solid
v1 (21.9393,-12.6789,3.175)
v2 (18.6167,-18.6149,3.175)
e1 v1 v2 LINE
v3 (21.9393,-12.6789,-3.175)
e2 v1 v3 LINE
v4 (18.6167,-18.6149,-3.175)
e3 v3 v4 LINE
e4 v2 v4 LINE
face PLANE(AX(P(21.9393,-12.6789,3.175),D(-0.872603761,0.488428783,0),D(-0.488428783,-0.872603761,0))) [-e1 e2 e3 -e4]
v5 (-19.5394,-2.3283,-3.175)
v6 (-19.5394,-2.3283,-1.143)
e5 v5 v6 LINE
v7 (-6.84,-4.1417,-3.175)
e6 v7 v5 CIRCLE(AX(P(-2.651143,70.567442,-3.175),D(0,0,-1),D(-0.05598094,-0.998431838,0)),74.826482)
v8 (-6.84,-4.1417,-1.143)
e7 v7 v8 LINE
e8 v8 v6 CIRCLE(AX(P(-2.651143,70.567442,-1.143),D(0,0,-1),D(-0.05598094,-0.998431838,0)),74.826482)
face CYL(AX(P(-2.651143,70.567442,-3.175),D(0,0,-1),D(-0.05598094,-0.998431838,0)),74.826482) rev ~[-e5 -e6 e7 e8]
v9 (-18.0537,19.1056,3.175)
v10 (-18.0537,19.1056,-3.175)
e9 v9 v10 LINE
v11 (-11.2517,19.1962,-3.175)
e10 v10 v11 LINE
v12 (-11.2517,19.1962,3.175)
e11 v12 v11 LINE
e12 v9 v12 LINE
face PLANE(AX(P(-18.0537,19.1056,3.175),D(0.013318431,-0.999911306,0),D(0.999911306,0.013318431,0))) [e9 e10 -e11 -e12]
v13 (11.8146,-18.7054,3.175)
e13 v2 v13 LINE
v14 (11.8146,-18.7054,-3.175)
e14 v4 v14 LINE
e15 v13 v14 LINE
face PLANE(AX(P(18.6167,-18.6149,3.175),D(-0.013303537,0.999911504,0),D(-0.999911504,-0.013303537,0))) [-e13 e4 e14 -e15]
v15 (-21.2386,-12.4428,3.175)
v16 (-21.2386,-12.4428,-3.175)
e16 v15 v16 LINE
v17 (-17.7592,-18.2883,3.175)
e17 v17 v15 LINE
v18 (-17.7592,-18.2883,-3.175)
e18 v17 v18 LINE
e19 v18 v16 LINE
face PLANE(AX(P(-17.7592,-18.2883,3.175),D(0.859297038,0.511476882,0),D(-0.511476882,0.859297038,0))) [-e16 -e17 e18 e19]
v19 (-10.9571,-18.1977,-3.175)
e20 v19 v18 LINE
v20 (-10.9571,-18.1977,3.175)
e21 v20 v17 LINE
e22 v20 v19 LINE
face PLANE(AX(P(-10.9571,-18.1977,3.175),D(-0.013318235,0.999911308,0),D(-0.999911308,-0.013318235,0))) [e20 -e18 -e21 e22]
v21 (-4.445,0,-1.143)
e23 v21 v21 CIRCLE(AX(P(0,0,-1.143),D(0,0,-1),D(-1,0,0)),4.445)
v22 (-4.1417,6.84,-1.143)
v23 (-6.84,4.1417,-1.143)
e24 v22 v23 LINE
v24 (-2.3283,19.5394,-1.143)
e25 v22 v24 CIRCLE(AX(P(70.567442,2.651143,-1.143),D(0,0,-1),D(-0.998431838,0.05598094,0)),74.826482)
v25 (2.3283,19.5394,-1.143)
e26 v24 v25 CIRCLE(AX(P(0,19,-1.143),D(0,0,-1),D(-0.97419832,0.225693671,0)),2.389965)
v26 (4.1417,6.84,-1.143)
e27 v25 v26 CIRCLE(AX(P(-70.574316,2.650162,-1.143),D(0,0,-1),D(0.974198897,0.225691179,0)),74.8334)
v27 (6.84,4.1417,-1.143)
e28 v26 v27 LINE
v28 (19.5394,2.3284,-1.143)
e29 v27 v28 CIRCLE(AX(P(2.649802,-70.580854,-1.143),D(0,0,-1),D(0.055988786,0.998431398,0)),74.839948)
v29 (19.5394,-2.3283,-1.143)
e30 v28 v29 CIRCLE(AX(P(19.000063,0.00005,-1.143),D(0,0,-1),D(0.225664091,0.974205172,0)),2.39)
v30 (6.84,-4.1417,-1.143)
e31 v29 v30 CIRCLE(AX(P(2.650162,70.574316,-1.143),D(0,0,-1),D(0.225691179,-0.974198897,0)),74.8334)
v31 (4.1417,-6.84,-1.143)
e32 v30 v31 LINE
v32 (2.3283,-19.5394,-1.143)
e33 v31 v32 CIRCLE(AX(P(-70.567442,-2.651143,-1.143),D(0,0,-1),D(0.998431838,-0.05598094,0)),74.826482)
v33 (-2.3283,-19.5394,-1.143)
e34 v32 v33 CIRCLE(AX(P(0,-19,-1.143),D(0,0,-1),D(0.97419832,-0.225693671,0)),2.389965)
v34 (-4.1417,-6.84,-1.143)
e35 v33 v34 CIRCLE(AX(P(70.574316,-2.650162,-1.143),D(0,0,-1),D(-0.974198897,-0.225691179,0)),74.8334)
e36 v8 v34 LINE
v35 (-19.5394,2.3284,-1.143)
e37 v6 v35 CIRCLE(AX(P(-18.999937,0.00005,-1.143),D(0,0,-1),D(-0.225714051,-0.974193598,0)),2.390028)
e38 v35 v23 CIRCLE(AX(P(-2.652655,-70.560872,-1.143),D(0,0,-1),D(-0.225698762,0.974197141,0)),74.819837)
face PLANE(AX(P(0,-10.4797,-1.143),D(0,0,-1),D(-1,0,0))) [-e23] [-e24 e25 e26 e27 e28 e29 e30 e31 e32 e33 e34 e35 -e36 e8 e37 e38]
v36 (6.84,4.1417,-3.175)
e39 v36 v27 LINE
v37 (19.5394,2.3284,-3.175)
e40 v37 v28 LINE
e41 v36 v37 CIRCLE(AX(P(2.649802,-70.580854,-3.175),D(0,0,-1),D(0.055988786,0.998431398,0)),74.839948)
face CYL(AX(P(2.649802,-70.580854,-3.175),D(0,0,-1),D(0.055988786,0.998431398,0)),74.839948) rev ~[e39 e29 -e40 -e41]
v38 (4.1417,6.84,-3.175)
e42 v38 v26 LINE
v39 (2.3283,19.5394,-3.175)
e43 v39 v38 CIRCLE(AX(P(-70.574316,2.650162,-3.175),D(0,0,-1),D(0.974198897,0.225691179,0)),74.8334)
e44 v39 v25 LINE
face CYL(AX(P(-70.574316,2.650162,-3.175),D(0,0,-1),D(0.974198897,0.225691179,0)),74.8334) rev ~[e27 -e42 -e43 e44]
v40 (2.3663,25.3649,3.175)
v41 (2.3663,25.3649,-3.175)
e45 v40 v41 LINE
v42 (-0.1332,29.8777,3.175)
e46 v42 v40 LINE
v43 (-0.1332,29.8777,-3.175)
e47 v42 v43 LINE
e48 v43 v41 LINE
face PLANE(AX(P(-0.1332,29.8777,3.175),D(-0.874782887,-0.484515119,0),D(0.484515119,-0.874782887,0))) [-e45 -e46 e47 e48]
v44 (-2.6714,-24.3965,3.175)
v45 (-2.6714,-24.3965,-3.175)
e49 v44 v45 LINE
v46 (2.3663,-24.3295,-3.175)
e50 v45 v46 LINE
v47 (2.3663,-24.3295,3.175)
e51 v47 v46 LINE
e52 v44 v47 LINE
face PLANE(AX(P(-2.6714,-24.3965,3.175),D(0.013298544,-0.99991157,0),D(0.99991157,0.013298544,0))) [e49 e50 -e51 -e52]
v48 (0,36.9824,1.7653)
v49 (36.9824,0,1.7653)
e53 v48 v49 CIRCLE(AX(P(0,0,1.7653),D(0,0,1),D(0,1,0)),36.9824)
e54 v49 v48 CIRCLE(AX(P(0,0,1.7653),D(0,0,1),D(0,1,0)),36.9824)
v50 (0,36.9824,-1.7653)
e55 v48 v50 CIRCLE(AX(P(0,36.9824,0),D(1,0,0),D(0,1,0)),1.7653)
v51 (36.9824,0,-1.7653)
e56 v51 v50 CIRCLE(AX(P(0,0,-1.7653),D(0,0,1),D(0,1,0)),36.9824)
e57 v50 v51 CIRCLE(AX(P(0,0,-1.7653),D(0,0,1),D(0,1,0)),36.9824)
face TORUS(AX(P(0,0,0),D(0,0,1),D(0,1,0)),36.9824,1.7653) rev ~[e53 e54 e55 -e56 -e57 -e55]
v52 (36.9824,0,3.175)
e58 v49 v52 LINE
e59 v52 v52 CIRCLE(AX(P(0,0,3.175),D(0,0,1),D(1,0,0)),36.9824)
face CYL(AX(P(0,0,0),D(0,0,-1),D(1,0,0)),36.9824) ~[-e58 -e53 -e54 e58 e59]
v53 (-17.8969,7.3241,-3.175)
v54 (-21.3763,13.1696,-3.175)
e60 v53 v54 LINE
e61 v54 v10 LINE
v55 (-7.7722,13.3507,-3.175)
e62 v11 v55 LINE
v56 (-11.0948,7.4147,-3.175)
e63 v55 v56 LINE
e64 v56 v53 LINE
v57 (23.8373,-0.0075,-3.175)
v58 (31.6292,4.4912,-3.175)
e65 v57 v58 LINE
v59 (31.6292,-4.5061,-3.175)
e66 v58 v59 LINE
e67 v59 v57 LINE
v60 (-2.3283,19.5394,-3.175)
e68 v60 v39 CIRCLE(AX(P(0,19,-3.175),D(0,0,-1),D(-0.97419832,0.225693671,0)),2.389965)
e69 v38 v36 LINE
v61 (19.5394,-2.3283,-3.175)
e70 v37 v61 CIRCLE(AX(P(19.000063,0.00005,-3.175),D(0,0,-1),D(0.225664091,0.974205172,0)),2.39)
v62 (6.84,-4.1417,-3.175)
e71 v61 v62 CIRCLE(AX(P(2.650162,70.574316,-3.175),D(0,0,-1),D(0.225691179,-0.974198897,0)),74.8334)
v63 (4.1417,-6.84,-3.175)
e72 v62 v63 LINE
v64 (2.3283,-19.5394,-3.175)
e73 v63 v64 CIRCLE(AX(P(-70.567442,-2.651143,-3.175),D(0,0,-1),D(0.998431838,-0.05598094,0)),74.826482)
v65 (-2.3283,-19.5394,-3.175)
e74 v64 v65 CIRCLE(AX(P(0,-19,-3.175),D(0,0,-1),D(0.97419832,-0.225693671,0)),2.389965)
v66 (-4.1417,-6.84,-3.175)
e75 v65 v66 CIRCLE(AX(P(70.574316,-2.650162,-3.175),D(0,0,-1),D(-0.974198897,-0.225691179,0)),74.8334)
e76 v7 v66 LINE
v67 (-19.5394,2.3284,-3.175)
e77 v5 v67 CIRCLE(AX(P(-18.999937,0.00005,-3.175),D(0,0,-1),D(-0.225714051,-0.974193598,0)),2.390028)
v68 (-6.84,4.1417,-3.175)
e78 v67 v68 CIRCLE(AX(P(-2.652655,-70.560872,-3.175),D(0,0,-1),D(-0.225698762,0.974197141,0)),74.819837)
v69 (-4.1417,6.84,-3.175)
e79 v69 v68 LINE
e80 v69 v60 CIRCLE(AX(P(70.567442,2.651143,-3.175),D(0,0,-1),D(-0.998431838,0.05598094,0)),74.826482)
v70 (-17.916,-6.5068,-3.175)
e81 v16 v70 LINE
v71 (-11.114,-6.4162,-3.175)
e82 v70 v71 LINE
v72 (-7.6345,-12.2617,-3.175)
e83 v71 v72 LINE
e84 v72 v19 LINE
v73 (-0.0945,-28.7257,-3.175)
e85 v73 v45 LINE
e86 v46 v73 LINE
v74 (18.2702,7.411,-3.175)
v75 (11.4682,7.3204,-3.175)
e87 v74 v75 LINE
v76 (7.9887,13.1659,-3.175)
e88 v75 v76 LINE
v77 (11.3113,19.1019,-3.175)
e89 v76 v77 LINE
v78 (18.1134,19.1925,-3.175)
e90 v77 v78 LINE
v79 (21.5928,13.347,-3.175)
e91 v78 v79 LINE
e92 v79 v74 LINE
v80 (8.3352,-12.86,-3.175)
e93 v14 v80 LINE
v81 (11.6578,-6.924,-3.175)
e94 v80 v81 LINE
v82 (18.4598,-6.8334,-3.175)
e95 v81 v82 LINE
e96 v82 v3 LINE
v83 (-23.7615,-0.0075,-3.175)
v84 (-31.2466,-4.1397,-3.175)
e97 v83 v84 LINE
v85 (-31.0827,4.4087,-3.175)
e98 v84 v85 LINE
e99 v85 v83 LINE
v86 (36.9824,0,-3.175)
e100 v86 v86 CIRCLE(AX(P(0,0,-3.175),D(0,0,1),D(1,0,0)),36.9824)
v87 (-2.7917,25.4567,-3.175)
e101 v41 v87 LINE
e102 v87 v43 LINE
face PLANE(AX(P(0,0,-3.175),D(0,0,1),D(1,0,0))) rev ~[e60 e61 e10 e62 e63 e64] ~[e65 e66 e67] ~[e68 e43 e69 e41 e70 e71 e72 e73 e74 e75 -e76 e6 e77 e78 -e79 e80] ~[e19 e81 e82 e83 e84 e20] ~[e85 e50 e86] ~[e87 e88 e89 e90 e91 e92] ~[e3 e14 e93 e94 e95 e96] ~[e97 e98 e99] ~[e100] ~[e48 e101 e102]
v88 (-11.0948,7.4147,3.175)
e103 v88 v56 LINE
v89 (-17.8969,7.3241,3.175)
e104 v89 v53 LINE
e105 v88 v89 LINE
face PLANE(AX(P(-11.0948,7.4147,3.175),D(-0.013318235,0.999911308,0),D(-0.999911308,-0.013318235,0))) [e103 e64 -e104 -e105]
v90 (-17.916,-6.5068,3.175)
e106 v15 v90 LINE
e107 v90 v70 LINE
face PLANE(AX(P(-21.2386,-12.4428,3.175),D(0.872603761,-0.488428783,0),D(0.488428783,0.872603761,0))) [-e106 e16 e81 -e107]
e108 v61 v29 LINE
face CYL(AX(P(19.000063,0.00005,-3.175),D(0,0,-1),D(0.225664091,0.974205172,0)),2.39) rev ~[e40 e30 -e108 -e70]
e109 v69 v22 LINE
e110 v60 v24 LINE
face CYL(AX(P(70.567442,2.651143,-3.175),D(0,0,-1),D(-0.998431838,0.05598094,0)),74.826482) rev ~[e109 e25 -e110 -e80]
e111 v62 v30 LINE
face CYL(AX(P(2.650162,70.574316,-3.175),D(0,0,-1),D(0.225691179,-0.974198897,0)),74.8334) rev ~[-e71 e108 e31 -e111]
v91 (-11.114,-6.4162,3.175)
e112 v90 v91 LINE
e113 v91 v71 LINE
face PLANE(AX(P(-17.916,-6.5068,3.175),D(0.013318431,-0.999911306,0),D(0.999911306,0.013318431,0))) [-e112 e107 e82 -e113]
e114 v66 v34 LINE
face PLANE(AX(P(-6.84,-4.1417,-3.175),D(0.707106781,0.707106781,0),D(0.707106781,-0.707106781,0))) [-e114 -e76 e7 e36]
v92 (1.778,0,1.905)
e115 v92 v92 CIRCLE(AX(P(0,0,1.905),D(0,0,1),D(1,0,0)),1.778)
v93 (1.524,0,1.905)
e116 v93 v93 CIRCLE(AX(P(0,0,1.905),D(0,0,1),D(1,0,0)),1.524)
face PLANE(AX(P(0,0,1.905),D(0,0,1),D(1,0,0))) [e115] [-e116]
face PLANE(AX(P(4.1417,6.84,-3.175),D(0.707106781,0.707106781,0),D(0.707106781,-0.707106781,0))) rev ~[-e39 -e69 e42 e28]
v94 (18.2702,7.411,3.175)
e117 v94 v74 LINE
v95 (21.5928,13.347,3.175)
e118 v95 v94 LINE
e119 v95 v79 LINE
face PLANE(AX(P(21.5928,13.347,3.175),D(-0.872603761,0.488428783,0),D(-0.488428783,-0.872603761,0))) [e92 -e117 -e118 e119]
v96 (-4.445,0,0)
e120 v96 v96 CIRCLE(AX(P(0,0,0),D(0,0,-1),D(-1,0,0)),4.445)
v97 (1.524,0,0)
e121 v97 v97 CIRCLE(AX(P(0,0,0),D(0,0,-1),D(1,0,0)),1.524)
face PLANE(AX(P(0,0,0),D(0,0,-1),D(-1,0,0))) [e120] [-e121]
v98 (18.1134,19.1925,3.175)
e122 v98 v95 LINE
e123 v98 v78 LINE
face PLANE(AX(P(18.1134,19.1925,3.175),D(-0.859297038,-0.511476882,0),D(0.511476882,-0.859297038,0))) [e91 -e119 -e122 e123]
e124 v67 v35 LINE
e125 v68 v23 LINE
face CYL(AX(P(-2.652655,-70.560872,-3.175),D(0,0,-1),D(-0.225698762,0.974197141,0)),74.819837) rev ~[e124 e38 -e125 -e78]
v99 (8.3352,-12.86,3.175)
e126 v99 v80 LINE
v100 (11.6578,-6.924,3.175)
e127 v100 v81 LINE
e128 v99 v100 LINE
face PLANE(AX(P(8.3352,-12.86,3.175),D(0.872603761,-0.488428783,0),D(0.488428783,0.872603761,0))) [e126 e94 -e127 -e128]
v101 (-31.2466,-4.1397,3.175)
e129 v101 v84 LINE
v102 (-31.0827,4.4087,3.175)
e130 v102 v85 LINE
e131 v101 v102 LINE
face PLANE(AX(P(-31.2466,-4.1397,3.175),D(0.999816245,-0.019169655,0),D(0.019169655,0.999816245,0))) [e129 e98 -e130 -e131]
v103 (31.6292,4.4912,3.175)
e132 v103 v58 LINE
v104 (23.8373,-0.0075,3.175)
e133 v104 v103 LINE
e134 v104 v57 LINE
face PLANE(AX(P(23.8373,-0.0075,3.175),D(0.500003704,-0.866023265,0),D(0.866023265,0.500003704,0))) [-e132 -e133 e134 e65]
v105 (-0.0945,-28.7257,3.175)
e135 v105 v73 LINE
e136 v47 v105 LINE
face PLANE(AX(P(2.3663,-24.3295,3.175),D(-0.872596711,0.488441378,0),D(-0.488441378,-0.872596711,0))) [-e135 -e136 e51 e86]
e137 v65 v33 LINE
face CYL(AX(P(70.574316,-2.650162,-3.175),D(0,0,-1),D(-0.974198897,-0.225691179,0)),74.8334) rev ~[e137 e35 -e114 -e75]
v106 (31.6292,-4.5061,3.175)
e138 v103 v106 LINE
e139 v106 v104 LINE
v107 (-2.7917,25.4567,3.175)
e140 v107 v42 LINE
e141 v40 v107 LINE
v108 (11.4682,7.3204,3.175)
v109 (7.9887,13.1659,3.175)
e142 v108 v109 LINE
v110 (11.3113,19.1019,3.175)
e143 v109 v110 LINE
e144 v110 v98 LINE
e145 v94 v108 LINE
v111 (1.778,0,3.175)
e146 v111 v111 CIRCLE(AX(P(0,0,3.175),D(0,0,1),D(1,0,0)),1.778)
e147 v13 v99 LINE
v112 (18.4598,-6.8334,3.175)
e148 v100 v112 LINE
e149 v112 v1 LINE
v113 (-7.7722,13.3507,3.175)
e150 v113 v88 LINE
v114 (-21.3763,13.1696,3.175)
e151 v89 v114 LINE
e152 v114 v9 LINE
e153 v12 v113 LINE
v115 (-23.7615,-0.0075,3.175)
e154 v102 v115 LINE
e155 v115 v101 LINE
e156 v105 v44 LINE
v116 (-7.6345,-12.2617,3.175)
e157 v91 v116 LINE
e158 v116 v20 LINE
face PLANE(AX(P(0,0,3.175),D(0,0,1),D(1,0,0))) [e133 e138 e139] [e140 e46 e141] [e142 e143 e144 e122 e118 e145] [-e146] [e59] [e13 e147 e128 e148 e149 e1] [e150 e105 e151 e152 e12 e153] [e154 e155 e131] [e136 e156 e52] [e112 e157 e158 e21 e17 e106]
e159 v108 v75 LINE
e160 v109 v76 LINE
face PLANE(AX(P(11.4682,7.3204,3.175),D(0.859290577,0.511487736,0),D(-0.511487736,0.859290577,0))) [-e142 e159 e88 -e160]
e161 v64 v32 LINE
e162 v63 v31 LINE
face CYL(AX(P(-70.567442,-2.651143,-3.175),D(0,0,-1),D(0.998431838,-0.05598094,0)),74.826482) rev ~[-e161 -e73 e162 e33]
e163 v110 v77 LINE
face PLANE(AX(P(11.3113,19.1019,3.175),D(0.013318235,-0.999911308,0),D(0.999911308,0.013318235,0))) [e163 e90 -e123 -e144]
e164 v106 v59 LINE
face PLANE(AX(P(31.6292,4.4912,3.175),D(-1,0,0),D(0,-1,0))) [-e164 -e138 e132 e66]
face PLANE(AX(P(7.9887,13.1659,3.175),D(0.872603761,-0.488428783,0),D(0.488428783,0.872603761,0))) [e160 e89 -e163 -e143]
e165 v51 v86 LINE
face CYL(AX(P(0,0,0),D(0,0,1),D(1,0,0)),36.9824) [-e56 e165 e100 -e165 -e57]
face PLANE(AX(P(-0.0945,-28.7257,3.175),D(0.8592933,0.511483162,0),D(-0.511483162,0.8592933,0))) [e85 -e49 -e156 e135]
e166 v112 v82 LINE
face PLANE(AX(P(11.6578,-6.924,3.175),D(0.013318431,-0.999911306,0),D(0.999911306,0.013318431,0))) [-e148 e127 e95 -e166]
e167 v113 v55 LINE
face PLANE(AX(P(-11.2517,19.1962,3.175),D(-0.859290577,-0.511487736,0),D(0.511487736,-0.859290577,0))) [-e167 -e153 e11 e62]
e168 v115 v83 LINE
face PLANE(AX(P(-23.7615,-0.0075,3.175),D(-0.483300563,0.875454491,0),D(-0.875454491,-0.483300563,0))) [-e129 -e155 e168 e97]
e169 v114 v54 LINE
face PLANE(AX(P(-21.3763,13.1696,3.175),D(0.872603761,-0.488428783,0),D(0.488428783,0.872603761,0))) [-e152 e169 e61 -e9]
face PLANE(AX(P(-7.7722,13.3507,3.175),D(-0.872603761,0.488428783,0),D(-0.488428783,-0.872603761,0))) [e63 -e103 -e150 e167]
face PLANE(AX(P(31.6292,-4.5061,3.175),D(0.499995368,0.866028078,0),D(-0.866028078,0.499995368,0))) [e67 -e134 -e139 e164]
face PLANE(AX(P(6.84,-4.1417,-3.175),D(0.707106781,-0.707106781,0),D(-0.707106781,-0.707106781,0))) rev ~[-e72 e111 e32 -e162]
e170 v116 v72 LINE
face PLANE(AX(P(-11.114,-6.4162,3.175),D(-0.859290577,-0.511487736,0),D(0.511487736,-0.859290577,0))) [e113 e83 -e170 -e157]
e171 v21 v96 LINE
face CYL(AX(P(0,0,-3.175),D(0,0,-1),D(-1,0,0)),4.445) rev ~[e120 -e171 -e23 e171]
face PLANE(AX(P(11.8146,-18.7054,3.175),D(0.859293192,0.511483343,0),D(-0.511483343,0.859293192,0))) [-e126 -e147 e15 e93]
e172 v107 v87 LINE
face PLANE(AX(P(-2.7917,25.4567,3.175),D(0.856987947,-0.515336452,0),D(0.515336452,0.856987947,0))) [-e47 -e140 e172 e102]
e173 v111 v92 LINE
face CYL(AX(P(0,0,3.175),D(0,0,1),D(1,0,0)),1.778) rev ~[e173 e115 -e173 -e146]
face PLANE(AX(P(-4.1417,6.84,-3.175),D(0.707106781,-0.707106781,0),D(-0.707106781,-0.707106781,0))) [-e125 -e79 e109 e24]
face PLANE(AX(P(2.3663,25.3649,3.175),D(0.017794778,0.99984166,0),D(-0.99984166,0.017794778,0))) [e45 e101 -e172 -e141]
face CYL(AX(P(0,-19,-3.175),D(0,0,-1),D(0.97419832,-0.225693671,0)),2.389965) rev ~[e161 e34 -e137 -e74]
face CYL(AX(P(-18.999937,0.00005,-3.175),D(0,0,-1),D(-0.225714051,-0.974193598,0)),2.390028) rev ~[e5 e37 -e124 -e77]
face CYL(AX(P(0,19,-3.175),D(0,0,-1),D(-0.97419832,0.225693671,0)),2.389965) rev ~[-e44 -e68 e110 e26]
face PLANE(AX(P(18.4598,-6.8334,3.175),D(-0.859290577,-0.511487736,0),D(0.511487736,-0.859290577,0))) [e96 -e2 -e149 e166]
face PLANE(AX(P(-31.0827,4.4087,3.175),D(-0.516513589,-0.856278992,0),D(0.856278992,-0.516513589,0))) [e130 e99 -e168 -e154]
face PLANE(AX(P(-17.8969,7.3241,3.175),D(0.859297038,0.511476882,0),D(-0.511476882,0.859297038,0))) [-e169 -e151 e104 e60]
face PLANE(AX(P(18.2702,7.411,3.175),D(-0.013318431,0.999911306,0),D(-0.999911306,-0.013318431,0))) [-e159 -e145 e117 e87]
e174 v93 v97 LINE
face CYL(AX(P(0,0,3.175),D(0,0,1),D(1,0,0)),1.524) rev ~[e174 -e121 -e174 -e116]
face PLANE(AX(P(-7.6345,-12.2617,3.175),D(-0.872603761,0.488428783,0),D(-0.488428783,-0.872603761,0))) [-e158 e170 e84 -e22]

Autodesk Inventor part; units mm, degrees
ref_plane "YZ Plane" through (0, 0, 0) normal (1, 0, 0) x (0, 1, 0)
ref_plane "XZ Plane" through (0, 0, 0) normal (0, 1, 0) x (-1, 0, 0)
ref_plane "XY Plane" through (0, 0, 0) normal (0, 0, 1) x (1, 0, 0)
sketch "Sketch1" plane through (0, 0, 0) normal (0, 0, 1) x (1, 0, 0)
  circle A0 centre (0, 0) radius 36.9824
  dimension "d17" = 73.9648
extrude "Extrusion1" add sketch "Sketch1" along normal mid plane 6.35
sketch "Sketch4" plane through (0, 0, 0) normal (1, 0, 0) x (0, 1, 0)
  circle A0 centre (36.9824, 0) radius 1.7653
  line L0 (36.9824, -3.175) -> (36.9824, 3.175) construction
  line L1 (36.9824, -3.175) -> (36.9824, 3.175)
  line L2 (36.9824, -3.175) -> (36.9824, 3.175) projected
  line L3 (0, -6.8515) -> (0, 6.9022)
  point P0 (0, 0)
  dimension "d5" = 3.5306
revolve "Revolution1" cut sketch "Sketch4" angle 360 about axis through (0, 0, -6.8515) along (0, 0, 1)
sketch "Sketch5" plane through (0, -10.4797, 3.175) normal (0, 0, 1) x (1, 0, 0)
  line L0 (11.3113, 29.5816) -> (18.1134, 29.6722)
  line L1 (18.1134, 29.6722) -> (21.5928, 23.8267)
  line L2 (21.5928, 23.8267) -> (18.2702, 17.8907)
  line L3 (18.2702, 17.8907) -> (11.4682, 17.8001)
  line L4 (11.4682, 17.8001) -> (7.9887, 23.6456)
  line L5 (7.9887, 23.6456) -> (11.3113, 29.5816)
  line L6 (-18.0537, 29.5853) -> (-11.2517, 29.6759)
  line L7 (-11.2517, 29.6759) -> (-7.7722, 23.8304)
  line L8 (-7.7722, 23.8304) -> (-11.0948, 17.8944)
  line L9 (-11.0948, 17.8944) -> (-17.8969, 17.8038)
  line L10 (-17.8969, 17.8038) -> (-21.3763, 23.6493)
  line L11 (-21.3763, 23.6493) -> (-18.0537, 29.5853)
  line L12 (-17.916, 3.9729) -> (-11.114, 4.0635)
  line L13 (-11.114, 4.0635) -> (-7.6345, -1.782)
  line L14 (-7.6345, -1.782) -> (-10.9571, -7.718)
  line L15 (-10.9571, -7.718) -> (-17.7592, -7.8086)
  line L16 (-17.7592, -7.8086) -> (-21.2386, -1.9631)
  line L17 (-21.2386, -1.9631) -> (-17.916, 3.9729)
  line L18 (11.6578, 3.5557) -> (18.4598, 3.6463)
  line L19 (18.4598, 3.6463) -> (21.9393, -2.1992)
  line L20 (21.9393, -2.1992) -> (18.6167, -8.1352)
  line L21 (18.6167, -8.1352) -> (11.8146, -8.2257)
  line L22 (11.8146, -8.2257) -> (8.3352, -2.3803)
  line L23 (8.3352, -2.3803) -> (11.6578, 3.5557)
  line L24 (-23.7615, 10.4722) -> (-31.2466, 6.34)
  line L25 (-31.2466, 6.34) -> (-31.0827, 14.8884)
  line L26 (-31.0827, 14.8884) -> (-23.7615, 10.4722)
  line L27 (23.8373, 10.4722) -> (31.6292, 14.9709)
  line L28 (31.6292, 14.9709) -> (31.6292, 5.9736)
  line L29 (31.6292, 5.9736) -> (23.8373, 10.4722)
  line L30 (2.3663, 35.8446) -> (-2.7917, 35.9364)
  line L31 (-2.7917, 35.9364) -> (-0.1332, 40.3574)
  line L32 (-0.1332, 40.3574) -> (2.3663, 35.8446)
  line L33 (2.3663, -13.8498) -> (-0.0945, -18.246)
  line L34 (-0.0945, -18.246) -> (-2.6714, -13.9168)
  line L35 (-2.6714, -13.9168) -> (2.3663, -13.8498)
  point P0 (0, 10.4797)
  point P1 (14.7908, 23.7362)
  point P2 (-14.5743, 23.7399)
  point P3 (-14.4366, -1.8725)
  point P4 (15.1372, -2.2897)
  point P5 (-28.6969, 10.5669)
  point P6 (29.0319, 10.4722)
  point P7 (-0.1862, 37.3795)
  point P8 (-0.1332, -15.3375)
extrude "Extrusion3" cut sketch "Sketch5" against normal through all
sketch "Sketch6" plane through (0, -10.4797, 3.175) normal (0, 0, 1) x (1, 0, 0)
  circle A0 centre (0, 10.4797) radius 1.524
  circle A1 centre (0, 10.4797) radius 36.9824 projected
  dimension "d9" = 3.048
extrude "Extrusion4" cut sketch "Sketch6" against normal through all contours A0
sketch "Sketch9" plane through (0, 0, -3.175) normal (0, 0, -1) x (-1, 0, 0)
  circle A0 centre (0, 0) radius 4.445
  circle A1 centre (0, 0) radius 1.524 projected
  dimension "d14" = 8.89
extrude "Extrusion5" cut sketch "Sketch9" against normal blind 3.175
sketch "Sketch11" plane through (0, -10.4797, -3.175) normal (0, 0, -1) x (-1, 0, 0)
  arc A0 (6.84, 6.338) -> (19.5394, 8.1514) centre (2.6508, 81.0506) ccw
  arc A1 (19.5394, 8.1514) -> (19.5394, 12.8081) centre (19, 10.4797) ccw
  arc A2 (19.5394, 12.8081) -> (6.84, 14.6214) centre (2.6508, -60.0911) ccw
  arc A3 (4.1417, 17.3197) -> (2.3283, 30.0191) centre (-70.5709, 13.1305) ccw
  arc A4 (2.3283, 30.0191) -> (-2.3283, 30.0191) centre (0, 29.4797) ccw
  arc A5 (-2.3283, 30.0191) -> (-4.1417, 17.3197) centre (70.5709, 13.1305) ccw
  arc A6 (-6.84, 14.6214) -> (-19.5394, 12.8081) centre (-2.6508, -60.0911) ccw
  arc A7 (-19.5394, 12.8081) -> (-19.5394, 8.1514) centre (-19, 10.4797) ccw
  arc A8 (-19.5394, 8.1514) -> (-6.84, 6.338) centre (-2.6508, 81.0506) ccw
  arc A9 (-4.1417, 3.6397) -> (-2.3283, -9.0597) centre (70.5709, 7.8289) ccw
  arc A10 (-2.3283, -9.0597) -> (2.3283, -9.0597) centre (0, -8.5203) ccw
  arc A11 (2.3283, -9.0597) -> (4.1417, 3.6397) centre (-70.5709, 7.8289) ccw
  circle A12 centre (0, 20.7297) radius 0.4953
  circle A13 centre (0, 23.7197) radius 0.4953
  circle A14 centre (0, 26.4497) radius 0.4953
  circle A15 centre (0, 17.8197) radius 0.5
  circle A16 centre (0, 10.4797) radius 2.9464
  circle A17 centre (-7.34, 10.4797) radius 0.5
  circle A18 centre (-10.25, 10.4797) radius 0.4953
  circle A19 centre (-13.24, 10.4797) radius 0.4953
  circle A20 centre (-15.97, 10.4797) radius 0.4953
  circle A21 centre (7.34, 10.4797) radius 0.5
  circle A22 centre (10.25, 10.4797) radius 0.4953
  circle A23 centre (13.24, 10.4797) radius 0.4953
  circle A24 centre (15.97, 10.4797) radius 0.4953
  circle A25 centre (0, 3.1397) radius 0.5
  circle A26 centre (0, 0.2297) radius 0.4953
  circle A27 centre (0, -2.7603) radius 0.4953
  circle A28 centre (0, -5.4903) radius 0.4953
  line L0 (-4.1417, 17.3197) -> (-6.84, 14.6214)
  line L1 (4.1417, 17.3197) -> (6.84, 14.6214)
  line L2 (6.84, 6.338) -> (4.1417, 3.6397)
  line L3 (-6.84, 6.338) -> (-4.1417, 3.6397)
extrude "Extrusion6" cut sketch "Sketch11" against normal blind 2.032 contours L2 A11 A10 A9 L3 A8 A7 A6 L0 A5 A4 A3 L1 A2 A1 A0 | A12 | A13 | A14 | A15 | A17 | A18 | A19 | A20 | A21 | A22 | A23 | A24 | A25 | A26 | A27 | A28
sketch "Sketch12" plane through (0, 0, 3.175) normal (0, 0, 1) x (1, 0, 0)
  circle A0 centre (0, 0) radius 1.778
  dimension "d20" = 3.556
extrude "Extrusion7" cut sketch "Sketch12" against normal blind 1.27
properties part number "Hew O Ring"
